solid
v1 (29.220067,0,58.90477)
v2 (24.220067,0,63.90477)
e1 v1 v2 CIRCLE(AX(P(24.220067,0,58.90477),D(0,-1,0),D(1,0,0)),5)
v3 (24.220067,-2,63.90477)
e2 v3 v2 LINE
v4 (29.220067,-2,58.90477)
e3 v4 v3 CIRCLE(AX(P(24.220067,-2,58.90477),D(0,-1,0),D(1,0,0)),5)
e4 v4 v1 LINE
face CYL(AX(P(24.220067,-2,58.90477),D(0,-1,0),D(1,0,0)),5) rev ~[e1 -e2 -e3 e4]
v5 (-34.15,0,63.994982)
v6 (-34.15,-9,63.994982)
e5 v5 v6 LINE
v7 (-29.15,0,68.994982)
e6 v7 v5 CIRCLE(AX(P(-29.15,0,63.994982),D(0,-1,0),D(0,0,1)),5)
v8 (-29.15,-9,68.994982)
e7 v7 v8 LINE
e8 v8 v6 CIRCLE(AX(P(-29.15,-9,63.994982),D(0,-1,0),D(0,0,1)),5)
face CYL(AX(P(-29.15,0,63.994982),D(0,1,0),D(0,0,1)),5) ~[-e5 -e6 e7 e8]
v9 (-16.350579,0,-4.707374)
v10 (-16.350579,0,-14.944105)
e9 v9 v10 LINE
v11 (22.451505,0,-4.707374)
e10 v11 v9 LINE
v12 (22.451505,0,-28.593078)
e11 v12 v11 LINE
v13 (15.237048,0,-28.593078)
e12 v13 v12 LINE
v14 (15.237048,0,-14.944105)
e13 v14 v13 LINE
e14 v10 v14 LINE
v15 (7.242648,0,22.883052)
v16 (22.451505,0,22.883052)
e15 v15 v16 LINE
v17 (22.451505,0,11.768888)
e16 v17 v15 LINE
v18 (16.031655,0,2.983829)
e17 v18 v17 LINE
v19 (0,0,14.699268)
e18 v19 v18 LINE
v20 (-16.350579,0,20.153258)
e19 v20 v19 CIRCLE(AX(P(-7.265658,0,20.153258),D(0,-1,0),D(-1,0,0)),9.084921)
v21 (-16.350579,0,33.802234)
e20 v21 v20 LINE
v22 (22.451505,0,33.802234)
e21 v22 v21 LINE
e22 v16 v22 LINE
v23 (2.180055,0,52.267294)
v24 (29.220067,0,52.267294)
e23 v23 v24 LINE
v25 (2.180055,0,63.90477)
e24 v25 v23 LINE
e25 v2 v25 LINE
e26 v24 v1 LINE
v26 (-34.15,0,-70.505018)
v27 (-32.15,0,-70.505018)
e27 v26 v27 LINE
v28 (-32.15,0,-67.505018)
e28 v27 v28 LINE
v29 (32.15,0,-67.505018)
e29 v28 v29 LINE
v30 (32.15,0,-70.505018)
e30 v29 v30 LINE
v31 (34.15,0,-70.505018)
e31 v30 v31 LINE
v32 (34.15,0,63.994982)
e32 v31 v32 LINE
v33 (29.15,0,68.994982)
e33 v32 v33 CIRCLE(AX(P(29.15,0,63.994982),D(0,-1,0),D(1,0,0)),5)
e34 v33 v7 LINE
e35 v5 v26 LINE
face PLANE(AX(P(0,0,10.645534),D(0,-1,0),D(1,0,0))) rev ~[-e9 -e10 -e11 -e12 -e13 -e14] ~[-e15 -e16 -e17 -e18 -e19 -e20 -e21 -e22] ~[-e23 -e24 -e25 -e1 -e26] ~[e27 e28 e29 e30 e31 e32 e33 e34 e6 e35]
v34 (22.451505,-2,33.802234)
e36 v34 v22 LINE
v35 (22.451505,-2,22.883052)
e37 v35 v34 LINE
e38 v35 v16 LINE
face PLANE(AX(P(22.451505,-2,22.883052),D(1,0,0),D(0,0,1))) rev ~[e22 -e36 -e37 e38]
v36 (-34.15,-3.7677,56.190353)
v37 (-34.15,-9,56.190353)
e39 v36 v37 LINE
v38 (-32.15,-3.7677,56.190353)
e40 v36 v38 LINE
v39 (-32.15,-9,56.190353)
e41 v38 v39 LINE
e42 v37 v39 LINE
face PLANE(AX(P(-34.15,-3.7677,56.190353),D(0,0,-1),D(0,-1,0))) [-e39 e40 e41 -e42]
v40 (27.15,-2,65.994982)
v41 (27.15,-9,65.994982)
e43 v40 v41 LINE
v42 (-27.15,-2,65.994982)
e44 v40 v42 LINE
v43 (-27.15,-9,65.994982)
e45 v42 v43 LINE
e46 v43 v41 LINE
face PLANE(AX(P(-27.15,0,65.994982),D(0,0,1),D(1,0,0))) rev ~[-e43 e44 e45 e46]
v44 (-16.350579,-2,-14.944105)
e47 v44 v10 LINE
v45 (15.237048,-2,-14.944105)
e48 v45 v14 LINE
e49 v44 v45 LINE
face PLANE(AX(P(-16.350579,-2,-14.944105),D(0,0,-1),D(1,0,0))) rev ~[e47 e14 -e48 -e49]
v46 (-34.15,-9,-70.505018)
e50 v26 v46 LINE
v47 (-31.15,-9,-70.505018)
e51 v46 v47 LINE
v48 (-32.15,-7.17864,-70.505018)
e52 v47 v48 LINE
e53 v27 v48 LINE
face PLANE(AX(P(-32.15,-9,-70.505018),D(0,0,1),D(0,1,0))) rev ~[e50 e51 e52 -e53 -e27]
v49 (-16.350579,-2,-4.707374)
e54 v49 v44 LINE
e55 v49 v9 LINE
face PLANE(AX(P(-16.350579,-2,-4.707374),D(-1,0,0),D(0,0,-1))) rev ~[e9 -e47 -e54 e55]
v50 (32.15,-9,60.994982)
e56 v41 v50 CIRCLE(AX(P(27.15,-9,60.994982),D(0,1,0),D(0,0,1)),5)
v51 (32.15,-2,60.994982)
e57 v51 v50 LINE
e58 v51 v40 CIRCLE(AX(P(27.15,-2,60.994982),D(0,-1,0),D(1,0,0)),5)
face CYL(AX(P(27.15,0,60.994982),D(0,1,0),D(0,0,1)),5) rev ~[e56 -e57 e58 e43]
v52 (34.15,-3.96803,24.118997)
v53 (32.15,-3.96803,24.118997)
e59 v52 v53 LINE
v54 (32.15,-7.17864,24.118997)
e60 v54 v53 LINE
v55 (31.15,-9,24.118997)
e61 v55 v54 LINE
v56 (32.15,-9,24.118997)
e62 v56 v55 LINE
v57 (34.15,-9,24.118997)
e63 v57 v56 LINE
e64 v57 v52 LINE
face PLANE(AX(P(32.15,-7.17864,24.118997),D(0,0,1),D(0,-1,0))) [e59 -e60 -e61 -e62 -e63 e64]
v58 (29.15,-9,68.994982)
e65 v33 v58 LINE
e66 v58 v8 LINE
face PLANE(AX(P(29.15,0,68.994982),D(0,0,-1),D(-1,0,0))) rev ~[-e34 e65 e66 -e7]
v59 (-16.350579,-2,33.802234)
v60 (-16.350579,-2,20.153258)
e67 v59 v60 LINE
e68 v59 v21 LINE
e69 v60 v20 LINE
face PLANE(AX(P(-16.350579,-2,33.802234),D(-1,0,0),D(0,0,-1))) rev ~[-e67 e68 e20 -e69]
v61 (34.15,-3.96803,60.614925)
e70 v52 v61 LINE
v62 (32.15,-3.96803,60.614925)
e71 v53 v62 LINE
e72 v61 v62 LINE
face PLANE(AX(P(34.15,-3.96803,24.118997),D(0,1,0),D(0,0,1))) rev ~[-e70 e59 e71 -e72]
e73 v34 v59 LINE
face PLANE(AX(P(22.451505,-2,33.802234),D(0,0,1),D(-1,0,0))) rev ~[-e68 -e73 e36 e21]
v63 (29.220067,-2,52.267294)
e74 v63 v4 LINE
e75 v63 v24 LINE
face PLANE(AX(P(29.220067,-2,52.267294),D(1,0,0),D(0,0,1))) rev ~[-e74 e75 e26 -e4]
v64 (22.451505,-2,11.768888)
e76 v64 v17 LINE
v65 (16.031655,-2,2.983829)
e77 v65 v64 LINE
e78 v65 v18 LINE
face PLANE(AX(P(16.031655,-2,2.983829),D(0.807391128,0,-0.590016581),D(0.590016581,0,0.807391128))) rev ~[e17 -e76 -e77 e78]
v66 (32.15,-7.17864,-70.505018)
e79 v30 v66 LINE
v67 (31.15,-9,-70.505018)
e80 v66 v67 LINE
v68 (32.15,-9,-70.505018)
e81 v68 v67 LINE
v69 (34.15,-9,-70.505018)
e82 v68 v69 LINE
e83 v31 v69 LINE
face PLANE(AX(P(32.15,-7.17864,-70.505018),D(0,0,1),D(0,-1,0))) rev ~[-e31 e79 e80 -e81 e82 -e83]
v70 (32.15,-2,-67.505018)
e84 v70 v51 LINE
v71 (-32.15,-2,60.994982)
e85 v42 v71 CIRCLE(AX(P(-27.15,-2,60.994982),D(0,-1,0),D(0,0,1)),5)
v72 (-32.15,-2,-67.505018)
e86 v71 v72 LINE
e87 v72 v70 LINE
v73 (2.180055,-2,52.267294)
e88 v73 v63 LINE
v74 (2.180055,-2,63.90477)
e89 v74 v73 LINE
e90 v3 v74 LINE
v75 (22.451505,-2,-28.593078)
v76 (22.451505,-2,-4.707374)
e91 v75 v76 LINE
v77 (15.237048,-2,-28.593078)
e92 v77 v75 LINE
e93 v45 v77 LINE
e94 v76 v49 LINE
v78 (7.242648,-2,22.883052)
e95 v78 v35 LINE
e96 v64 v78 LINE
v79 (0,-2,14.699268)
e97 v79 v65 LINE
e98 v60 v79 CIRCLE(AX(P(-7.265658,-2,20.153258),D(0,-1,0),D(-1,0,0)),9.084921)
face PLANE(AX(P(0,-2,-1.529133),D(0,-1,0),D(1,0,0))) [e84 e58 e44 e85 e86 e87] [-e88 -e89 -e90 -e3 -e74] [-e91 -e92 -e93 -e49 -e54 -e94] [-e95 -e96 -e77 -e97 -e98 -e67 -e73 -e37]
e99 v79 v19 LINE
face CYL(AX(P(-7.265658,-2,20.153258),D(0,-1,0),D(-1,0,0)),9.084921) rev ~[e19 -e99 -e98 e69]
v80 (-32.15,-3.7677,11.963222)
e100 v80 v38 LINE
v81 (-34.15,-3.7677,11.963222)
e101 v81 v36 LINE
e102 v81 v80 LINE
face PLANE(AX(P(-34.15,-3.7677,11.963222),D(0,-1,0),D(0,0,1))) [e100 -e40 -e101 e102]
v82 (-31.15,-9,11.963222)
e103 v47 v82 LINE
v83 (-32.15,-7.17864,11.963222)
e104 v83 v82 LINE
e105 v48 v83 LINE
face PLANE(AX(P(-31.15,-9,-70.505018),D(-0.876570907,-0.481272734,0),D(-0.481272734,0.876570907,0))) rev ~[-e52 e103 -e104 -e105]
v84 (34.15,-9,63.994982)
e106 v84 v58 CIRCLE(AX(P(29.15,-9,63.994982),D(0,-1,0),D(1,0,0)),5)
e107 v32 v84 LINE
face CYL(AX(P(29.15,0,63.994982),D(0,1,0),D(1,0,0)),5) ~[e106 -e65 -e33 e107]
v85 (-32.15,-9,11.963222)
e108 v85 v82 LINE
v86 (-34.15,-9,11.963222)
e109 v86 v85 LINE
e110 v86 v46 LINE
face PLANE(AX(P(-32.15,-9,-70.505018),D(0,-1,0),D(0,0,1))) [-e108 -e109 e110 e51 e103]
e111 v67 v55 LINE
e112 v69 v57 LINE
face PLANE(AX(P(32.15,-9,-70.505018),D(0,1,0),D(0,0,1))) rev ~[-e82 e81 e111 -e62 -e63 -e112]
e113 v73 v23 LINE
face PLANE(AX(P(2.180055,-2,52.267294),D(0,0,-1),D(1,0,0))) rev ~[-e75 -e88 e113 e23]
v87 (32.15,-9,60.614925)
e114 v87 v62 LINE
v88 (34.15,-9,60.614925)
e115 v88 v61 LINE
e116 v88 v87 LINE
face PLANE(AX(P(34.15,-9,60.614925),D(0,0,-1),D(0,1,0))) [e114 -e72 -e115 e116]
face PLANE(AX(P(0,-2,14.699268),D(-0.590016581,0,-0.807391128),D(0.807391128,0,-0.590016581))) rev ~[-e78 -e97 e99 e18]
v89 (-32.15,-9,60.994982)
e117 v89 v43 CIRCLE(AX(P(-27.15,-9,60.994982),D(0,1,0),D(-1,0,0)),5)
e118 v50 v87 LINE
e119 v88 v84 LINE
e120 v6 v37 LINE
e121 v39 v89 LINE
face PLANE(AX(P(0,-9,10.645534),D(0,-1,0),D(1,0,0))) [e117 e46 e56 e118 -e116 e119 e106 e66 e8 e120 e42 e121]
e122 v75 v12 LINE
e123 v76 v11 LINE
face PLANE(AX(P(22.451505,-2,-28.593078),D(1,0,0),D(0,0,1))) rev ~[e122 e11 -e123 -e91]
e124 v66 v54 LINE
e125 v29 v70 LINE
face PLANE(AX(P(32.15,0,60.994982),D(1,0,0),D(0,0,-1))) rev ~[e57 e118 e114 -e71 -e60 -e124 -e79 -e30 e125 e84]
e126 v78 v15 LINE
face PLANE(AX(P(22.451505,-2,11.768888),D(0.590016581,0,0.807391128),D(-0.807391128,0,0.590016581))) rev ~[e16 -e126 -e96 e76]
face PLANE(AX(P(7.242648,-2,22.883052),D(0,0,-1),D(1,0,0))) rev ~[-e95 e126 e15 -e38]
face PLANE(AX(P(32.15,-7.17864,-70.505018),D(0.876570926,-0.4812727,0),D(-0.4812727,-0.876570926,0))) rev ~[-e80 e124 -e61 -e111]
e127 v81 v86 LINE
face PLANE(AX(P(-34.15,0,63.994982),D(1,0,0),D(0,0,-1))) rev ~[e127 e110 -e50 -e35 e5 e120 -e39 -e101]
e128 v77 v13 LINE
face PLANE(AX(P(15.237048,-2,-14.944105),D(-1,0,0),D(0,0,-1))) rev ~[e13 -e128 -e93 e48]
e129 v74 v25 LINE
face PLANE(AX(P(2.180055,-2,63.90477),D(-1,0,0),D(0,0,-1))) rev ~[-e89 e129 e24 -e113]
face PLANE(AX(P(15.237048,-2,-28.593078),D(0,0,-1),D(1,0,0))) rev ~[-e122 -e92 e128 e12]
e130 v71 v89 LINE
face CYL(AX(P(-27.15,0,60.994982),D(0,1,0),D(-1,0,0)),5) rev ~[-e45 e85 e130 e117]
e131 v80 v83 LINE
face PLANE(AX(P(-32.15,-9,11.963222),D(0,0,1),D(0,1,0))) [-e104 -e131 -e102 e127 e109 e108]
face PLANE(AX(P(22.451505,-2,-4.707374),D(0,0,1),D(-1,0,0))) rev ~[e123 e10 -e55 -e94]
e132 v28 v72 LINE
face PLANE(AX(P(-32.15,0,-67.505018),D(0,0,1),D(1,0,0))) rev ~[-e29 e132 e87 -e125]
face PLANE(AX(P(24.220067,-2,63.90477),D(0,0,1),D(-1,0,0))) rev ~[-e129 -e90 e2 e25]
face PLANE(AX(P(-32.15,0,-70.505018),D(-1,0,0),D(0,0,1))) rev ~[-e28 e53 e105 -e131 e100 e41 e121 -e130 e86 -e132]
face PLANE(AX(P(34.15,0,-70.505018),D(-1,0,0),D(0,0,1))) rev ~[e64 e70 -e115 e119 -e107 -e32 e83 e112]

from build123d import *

# Parameters (mm, degrees)
F1_DEPTH  = 2
F2_DEPTH  = 9
F3_W      = 5.0319702644
F3_H      = 36.4959277213
F4_DEPTH  = 5
F5_W      = 5.2322996128
F5_H      = 44.2271307111
F6_DEPTH  = 5
F8_DEPTH  = 10
F9_R      = 5.0696184715
F10_DEPTH = 25
F11_W     = 1.8213601708
F11_H     = 94.6240146787
F12_DEPTH = 1
F13_W     = 1.82136
F13_H     = 82.468239698
F14_DEPTH = 1
F16_DEPTH = 95
F18_DEPTH = 85


with BuildPart() as f1:
    # F0 (on Front) → F1 (new body)
    with BuildSketch(Plane.XZ):
        with BuildLine():
            Line((-32.15, -67.5050175221), (32.15, -67.5050175221))
            Line((32.15, -67.5050175221), (32.15, 60.9949824779))
            ThreePointArc((32.15, 60.9949824779), (30.6855339059, 64.5305163838), (27.15, 65.9949824779))
            Line((27.15, 65.9949824779), (-27.15, 65.9949824779))
            ThreePointArc((-27.15, 65.9949824779), (-30.6855339059, 64.5305163838), (-32.15, 60.9949824779))
            Line((-32.15, 60.9949824779), (-32.15, -67.5050175221))
        make_face()
    extrude(amount=F1_DEPTH)

    # F0 (on Front) → F2 (join)
    with BuildSketch(Plane.XZ):
        with BuildLine():
            Line((32.15, -70.5050175221), (34.15, -70.5050175221))
            Line((34.15, -70.5050175221), (34.15, 63.9949824779))
            ThreePointArc((34.15, 63.9949824779), (32.6855339059, 67.5305163838), (29.15, 68.9949824779))
            Line((29.15, 68.9949824779), (-29.15, 68.9949824779))
            ThreePointArc((-29.15, 68.9949824779), (-32.6855339059, 67.5305163838), (-34.15, 63.9949824779))
            Line((-34.15, 63.9949824779), (-34.15, -70.5050175221))
            Line((-34.15, -70.5050175221), (-32.15, -70.5050175221))
            Line((-32.15, -70.5050175221), (-32.15, -67.5050175221))
            Line((-32.15, -67.5050175221), (-32.15, 60.9949824779))
            ThreePointArc((-32.15, 60.9949824779), (-30.6855339059, 64.5305163838), (-27.15, 65.9949824779))
            Line((-27.15, 65.9949824779), (27.15, 65.9949824779))
            ThreePointArc((27.15, 65.9949824779), (30.6855339059, 64.5305163838), (32.15, 60.9949824779))
            Line((32.15, 60.9949824779), (32.15, -67.5050175221))
            Line((32.15, -67.5050175221), (32.15, -70.5050175221))
        make_face()
    extrude(amount=F2_DEPTH)

    # F3 (on face) → F4 (cut)
    with BuildSketch(Plane.YZ.offset(34.15)):
        with Locations((-6.4840148678, 42.3669610173)):
            Rectangle(F3_W, F3_H)
    extrude(amount=-F4_DEPTH, mode=Mode.SUBTRACT)

    # F5 (on face) → F6 (cut)
    with BuildSketch(Plane(origin=(-34.15, 0, 0), x_dir=(0, -1, 0), z_dir=(-1, 0, 0))):
        with Locations((6.3838501936, 34.0767875314)):
            Rectangle(F5_W, F5_H)
    extrude(amount=-F6_DEPTH, mode=Mode.SUBTRACT)

    # F7 (on face) → F8 (cut)
    with BuildSketch(Plane.XZ.offset(2)):
        with BuildLine():
            Line((2.180054551, 63.9047697186), (2.180054551, 52.2672943771))
            Line((2.180054551, 52.2672943771), (29.2200669646, 52.2672943771))
            Line((29.2200669646, 52.2672943771), (29.2200669646, 58.9047697186))
            ThreePointArc((29.2200669646, 58.9047697186), (27.7556008706, 62.4403036246), (24.2200669646, 63.9047697186))
            Line((24.2200669646, 63.9047697186), (2.180054551, 63.9047697186))
        make_face()
    extrude(amount=-F8_DEPTH, mode=Mode.SUBTRACT)

    # F9 (on face) → F10 (cut)
    with BuildSketch(Plane.XZ.offset(2)):
        Polygon((22.451505065, -4.7073736787), (-16.3505785167, -4.7073736787), (-16.3505785167, -14.9441054091), (15.2370482683, -14.9441054091), (15.2370482683, -28.5930782557), (22.451505065, -28.5930782557), align=None)
        with BuildLine():
            Line((22.451505065, 33.8022336364), (-16.3505785167, 33.8022336364))
            Line((-16.3505785167, 33.8022336364), (-16.3505785167, 20.1532579958))
            ThreePointArc((-16.3505785167, 20.1532579958), (-10.1403629568, 11.5351459717), (0, 14.6992684827))
            Line((0, 14.6992684827), (16.0316545011, 2.9838289004))
            Line((16.0316545011, 2.9838289004), (22.451505065, 11.7688877508))
            Line((22.451505065, 11.7688877508), (7.2426483966, 22.8830520064))
            Line((7.2426483966, 22.8830520064), (22.451505065, 22.8830520064))
            Line((22.451505065, 22.8830520064), (22.451505065, 33.8022336364))
        make_face()
        with Locations((-7.3812524788, 24.0529645234)):
            Circle(F9_R, mode=Mode.SUBTRACT)
        with Locations((-7.3812524788, 24.0529645234)):
            Circle(F9_R)
    extrude(amount=-F10_DEPTH, mode=Mode.SUBTRACT)

    # F11 (on face) → F12 (join)
    with BuildSketch(Plane(origin=(32.15, 0, 0), x_dir=(0, -1, 0), z_dir=(-1, 0, 0))):
        with Locations((8.0893199146, -23.1930101828)):
            Rectangle(F11_W, F11_H)
    extrude(amount=F12_DEPTH)

    # F13 (on face) → F14 (join)
    with BuildSketch(Plane.YZ.offset(-32.15)):
        with Locations((-8.08932, -29.2708976731)):
            Rectangle(F13_W, F13_H)
    extrude(amount=F14_DEPTH)

    # F15 (on face) → F16 (cut)
    with BuildSketch(Plane(origin=(0, 0, -70.5050175221), x_dir=(1, 0, 0), z_dir=(0, 0, -1))):
        Polygon((31.15, 7.1786398292), (32.15, 7.1786398292), (31.15, 9), align=None)
    extrude(amount=-F16_DEPTH, mode=Mode.SUBTRACT)

    # F17 (on face) → F18 (cut)
    with BuildSketch(Plane(origin=(0, 0, -70.5050175221), x_dir=(1, 0, 0), z_dir=(0, 0, -1))):
        Polygon((-31.15, 9), (-32.15, 7.17864), (-31.15, 7.17864), align=None)
    extrude(amount=-F18_DEPTH, mode=Mode.SUBTRACT)


solid = f1.part
